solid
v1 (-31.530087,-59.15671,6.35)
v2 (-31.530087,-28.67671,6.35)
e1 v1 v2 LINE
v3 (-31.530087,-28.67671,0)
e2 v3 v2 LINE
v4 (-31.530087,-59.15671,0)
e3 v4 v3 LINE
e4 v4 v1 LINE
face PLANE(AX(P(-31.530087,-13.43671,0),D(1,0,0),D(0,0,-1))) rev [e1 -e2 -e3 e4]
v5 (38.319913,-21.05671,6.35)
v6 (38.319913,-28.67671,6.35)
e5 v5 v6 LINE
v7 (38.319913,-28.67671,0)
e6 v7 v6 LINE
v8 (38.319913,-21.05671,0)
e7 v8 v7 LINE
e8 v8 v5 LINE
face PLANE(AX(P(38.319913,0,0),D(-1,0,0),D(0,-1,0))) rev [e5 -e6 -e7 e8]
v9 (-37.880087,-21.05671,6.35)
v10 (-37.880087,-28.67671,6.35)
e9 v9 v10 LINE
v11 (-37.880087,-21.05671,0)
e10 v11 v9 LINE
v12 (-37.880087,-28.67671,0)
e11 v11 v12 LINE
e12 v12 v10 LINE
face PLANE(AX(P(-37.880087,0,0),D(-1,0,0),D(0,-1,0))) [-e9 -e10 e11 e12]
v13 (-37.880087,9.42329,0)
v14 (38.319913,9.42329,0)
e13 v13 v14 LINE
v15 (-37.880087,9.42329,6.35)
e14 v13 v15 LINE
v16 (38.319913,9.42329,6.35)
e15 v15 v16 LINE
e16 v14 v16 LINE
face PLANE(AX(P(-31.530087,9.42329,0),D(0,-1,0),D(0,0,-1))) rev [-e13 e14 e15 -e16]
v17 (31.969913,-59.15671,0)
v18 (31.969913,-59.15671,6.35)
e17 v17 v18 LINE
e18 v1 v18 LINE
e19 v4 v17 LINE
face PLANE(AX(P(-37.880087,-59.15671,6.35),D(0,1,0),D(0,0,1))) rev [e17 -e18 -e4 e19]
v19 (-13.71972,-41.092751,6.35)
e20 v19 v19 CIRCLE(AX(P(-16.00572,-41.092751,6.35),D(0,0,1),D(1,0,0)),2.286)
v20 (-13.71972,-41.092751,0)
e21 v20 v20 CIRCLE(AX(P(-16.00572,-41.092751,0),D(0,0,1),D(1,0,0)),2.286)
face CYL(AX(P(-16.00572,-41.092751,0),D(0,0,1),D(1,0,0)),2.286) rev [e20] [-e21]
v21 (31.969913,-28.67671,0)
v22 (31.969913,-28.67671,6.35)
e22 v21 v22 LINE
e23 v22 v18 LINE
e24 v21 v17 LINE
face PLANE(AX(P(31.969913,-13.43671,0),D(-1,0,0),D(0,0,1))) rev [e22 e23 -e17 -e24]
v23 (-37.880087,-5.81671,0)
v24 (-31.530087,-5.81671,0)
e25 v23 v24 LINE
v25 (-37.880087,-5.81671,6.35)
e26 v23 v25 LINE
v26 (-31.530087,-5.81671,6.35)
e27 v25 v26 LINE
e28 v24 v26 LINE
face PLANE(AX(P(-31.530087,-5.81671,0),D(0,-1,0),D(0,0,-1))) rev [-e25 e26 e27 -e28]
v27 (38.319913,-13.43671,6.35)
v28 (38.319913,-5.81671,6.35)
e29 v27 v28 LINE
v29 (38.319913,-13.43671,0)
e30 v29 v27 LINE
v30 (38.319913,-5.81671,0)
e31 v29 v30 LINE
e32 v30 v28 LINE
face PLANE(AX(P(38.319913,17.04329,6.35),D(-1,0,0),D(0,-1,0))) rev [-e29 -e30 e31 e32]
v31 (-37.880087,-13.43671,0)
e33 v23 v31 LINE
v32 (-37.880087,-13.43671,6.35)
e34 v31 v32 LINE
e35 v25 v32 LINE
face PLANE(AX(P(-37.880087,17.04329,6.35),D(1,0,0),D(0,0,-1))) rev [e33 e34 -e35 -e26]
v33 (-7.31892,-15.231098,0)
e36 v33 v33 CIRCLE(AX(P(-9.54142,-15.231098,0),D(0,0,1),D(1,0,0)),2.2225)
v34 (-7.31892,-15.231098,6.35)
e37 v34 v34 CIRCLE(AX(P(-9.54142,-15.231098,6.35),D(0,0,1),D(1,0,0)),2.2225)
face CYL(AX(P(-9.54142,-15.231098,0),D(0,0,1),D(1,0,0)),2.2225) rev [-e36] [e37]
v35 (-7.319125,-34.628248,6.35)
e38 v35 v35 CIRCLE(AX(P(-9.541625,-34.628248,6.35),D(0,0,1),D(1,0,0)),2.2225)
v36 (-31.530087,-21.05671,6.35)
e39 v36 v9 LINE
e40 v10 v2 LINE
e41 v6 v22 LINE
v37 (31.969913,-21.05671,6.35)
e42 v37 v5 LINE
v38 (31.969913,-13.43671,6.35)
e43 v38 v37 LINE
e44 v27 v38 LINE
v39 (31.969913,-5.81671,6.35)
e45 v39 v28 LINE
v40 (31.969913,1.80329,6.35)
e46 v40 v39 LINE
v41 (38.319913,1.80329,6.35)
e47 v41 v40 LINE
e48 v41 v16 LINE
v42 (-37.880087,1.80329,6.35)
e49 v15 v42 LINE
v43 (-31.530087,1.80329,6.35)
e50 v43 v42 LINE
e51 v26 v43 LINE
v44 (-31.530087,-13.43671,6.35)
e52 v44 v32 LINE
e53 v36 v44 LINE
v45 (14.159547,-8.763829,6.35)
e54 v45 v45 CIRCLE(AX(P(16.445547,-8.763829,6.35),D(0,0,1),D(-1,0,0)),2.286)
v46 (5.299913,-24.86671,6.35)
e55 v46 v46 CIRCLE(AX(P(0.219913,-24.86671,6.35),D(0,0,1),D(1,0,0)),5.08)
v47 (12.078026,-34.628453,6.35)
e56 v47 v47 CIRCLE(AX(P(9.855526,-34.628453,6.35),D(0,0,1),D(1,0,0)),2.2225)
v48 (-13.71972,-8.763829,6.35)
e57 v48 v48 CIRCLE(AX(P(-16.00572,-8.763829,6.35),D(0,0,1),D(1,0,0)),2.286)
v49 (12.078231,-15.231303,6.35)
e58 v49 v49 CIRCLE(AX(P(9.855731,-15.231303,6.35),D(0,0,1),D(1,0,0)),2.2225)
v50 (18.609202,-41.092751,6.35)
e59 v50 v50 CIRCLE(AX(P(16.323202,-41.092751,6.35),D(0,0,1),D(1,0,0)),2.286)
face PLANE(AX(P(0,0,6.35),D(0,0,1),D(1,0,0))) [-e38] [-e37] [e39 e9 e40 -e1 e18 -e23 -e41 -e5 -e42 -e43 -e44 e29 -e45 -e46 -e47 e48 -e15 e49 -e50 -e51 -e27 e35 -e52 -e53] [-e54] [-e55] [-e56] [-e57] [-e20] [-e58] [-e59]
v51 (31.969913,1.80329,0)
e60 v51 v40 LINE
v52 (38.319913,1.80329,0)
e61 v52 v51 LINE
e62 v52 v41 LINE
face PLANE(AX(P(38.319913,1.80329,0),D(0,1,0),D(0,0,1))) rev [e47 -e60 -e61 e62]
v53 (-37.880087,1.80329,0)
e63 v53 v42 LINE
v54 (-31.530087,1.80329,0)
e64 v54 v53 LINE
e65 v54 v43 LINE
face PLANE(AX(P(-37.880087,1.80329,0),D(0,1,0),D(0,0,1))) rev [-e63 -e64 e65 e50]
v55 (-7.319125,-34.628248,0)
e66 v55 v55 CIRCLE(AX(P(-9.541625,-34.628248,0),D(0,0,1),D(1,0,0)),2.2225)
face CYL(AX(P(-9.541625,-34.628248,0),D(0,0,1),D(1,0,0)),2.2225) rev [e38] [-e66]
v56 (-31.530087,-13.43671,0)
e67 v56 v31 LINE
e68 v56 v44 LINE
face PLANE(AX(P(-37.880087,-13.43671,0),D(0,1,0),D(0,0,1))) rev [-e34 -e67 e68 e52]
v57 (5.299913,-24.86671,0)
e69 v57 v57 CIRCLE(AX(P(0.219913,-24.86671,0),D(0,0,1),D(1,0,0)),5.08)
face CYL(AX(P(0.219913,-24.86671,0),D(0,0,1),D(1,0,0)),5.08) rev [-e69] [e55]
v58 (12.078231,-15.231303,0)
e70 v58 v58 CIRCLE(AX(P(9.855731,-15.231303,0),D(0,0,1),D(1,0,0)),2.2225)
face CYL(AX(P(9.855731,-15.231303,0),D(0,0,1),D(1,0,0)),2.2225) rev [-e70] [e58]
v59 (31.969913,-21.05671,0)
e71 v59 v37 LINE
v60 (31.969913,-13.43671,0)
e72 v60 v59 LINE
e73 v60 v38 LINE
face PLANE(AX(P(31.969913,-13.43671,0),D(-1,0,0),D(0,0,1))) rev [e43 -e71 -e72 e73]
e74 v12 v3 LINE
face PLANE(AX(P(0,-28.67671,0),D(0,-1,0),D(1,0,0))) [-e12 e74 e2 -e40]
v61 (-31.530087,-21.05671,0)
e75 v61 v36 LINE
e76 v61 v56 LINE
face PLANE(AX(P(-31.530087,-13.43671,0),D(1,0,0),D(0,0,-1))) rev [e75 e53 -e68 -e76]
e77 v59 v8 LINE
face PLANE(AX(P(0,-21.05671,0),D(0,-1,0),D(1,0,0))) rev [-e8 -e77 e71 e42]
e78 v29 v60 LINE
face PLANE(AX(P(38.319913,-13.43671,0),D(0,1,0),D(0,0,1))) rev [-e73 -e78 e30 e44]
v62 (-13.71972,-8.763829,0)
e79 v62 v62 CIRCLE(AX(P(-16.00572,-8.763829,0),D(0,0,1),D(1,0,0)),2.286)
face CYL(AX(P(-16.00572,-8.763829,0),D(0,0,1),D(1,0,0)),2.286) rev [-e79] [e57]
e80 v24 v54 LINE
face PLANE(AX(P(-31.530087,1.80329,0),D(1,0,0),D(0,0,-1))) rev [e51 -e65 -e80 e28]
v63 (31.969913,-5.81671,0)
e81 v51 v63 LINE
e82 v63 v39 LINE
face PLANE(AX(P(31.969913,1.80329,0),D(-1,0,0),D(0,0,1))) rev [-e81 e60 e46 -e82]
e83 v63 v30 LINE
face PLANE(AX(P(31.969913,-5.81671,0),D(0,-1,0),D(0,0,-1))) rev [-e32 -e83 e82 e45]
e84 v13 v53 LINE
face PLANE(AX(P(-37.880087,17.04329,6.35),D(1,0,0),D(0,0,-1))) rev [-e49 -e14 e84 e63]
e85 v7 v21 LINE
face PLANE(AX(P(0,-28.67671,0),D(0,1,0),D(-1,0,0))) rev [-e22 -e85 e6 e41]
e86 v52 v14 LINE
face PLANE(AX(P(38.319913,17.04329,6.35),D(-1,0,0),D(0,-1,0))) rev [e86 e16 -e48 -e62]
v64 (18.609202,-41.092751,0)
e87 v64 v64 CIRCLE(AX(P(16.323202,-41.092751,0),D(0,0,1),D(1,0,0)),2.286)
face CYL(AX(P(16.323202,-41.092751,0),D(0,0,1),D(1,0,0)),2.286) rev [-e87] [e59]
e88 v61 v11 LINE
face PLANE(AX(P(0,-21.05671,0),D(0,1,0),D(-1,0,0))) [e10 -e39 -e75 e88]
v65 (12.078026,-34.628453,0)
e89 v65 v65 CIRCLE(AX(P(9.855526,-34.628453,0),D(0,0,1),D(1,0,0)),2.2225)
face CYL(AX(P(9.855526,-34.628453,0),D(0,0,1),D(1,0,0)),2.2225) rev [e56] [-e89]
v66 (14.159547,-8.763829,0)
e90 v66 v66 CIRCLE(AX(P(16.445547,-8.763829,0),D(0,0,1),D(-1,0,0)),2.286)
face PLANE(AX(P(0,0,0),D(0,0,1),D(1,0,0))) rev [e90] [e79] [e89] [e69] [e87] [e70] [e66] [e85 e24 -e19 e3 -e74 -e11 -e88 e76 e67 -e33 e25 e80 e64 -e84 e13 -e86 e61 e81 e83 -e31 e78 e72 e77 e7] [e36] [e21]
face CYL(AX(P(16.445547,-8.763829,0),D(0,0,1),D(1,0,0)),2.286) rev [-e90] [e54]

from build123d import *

# Parameters (mm, degrees)
SKETCH1_W           = 76.2
SKETCH1_H           = 76.2
BOSS_EXTRUDE1_DEPTH = 6.35
CUT_EXTRUDE1_DEPTH  = 6.35
SKETCH3_W           = 6.35
SKETCH3_H           = 38.1
CUT_EXTRUDE2_DEPTH  = 6.35
SKETCH4_W           = 6.35
SKETCH4_H           = 7.62
BOSS_EXTRUDE3_DEPTH = 6.35
SKETCH5_W           = 63.5
SKETCH5_H           = 6.35
CUT_EXTRUDE3_DEPTH  = 7.62
SKETCH6_R           = 5.08
SKETCH6_R_2         = 2.2225
SKETCH6_R_3         = 2.286
CUT_EXTRUDE4_DEPTH  = 71.769022866


with BuildPart() as part:
    # Sketch1 → Boss-Extrude1 (new body)
    with BuildSketch(Plane.XY):
        with Locations((0.21991342, -21.056709957)):
            Rectangle(SKETCH1_W, SKETCH1_H)
    extrude(amount=BOSS_EXTRUDE1_DEPTH)

    # Sketch2 → Cut-Extrude1 (cut)
    with BuildSketch(Plane.XY.offset(6.35)):
        Polygon((-37.88008658, 17.043290043), (-31.53008658, 17.043290043), (-31.53008658, 9.423290043), (-37.88008658, 9.423290043), (-37.88008658, 1.803290043), (-31.53008658, 1.803290043), (-31.53008658, -5.816709957), (-37.88008658, -5.816709957), (-37.88008658, -13.436709957), (-31.53008658, -13.436709957), (-31.53008658, -21.056709957), (-37.88008658, -21.056709957), (-46.725849744, -21.056709957), (-46.725849744, 17.043290043), align=None)
        Polygon((47.165676584, -21.056709957), (47.165676584, 17.043290043), (38.31991342, 17.043290043), (31.96991342, 17.043290043), (31.96991342, 9.423290043), (38.31991342, 9.423290043), (38.31991342, 1.803290043), (31.96991342, 1.803290043), (31.96991342, -5.816709957), (38.31991342, -5.816709957), (38.31991342, -13.436709957), (31.96991342, -13.436709957), (31.96991342, -21.056709957), (38.31991342, -21.056709957), align=None)
    extrude(amount=-CUT_EXTRUDE1_DEPTH, mode=Mode.SUBTRACT)

    # Sketch3 → Cut-Extrude2 (cut)
    with BuildSketch(Plane.XY.offset(6.35)):
        with Locations((-34.70508658, -40.106709957)):
            Rectangle(SKETCH3_W, SKETCH3_H)
        with Locations((35.14491342, -40.106709957)):
            Rectangle(SKETCH3_W, SKETCH3_H)
    extrude(amount=-CUT_EXTRUDE2_DEPTH, mode=Mode.SUBTRACT)

    # Sketch4 → Boss-Extrude3 (add)
    with BuildSketch(Plane.XY.offset(6.35)):
        with Locations((-34.70508658, -24.866709957)):
            Rectangle(SKETCH4_W, SKETCH4_H)
        with Locations((35.14491342, -24.866709957)):
            Rectangle(SKETCH4_W, SKETCH4_H)
    extrude(amount=-BOSS_EXTRUDE3_DEPTH)

    # Sketch5 → Cut-Extrude3 (cut)
    with BuildSketch(Plane(origin=(0, 17.043290043, 0), x_dir=(1, 0, 0), z_dir=(0, 1, 0))):
        with Locations((0.21991342, -3.175)):
            Rectangle(SKETCH5_W, SKETCH5_H)
    extrude(amount=-CUT_EXTRUDE3_DEPTH, mode=Mode.SUBTRACT)

    # Sketch6 → Cut-Extrude4 (cut, through all)
    with BuildSketch(Plane.XY.offset(6.35)):
        with Locations((0.21991342, -24.866709957)):
            Circle(SKETCH6_R)
        with Locations((-9.541624984, -34.62824836)):
            Circle(SKETCH6_R_2)
        with Locations((-16.005719951, -8.763829057)):
            Circle(SKETCH6_R_3)
        with Locations((-9.541419951, -15.231097531)):
            Circle(SKETCH6_R_2)
        with Locations((9.855730879, -15.231302564)):
            Circle(SKETCH6_R_2)
        with Locations((9.855525846, -34.628453393)):
            Circle(SKETCH6_R_2)
        with Locations(Location((16.445546791, -8.763829057, 0), (0, 0, 180))):
            Circle(SKETCH6_R_3)
        with Locations((16.323202085, -41.092751093)):
            Circle(SKETCH6_R_3)
        with Locations((-16.005719951, -41.092751093)):
            Circle(SKETCH6_R_3)
    extrude(amount=-CUT_EXTRUDE4_DEPTH, mode=Mode.SUBTRACT)


solid = part.part
